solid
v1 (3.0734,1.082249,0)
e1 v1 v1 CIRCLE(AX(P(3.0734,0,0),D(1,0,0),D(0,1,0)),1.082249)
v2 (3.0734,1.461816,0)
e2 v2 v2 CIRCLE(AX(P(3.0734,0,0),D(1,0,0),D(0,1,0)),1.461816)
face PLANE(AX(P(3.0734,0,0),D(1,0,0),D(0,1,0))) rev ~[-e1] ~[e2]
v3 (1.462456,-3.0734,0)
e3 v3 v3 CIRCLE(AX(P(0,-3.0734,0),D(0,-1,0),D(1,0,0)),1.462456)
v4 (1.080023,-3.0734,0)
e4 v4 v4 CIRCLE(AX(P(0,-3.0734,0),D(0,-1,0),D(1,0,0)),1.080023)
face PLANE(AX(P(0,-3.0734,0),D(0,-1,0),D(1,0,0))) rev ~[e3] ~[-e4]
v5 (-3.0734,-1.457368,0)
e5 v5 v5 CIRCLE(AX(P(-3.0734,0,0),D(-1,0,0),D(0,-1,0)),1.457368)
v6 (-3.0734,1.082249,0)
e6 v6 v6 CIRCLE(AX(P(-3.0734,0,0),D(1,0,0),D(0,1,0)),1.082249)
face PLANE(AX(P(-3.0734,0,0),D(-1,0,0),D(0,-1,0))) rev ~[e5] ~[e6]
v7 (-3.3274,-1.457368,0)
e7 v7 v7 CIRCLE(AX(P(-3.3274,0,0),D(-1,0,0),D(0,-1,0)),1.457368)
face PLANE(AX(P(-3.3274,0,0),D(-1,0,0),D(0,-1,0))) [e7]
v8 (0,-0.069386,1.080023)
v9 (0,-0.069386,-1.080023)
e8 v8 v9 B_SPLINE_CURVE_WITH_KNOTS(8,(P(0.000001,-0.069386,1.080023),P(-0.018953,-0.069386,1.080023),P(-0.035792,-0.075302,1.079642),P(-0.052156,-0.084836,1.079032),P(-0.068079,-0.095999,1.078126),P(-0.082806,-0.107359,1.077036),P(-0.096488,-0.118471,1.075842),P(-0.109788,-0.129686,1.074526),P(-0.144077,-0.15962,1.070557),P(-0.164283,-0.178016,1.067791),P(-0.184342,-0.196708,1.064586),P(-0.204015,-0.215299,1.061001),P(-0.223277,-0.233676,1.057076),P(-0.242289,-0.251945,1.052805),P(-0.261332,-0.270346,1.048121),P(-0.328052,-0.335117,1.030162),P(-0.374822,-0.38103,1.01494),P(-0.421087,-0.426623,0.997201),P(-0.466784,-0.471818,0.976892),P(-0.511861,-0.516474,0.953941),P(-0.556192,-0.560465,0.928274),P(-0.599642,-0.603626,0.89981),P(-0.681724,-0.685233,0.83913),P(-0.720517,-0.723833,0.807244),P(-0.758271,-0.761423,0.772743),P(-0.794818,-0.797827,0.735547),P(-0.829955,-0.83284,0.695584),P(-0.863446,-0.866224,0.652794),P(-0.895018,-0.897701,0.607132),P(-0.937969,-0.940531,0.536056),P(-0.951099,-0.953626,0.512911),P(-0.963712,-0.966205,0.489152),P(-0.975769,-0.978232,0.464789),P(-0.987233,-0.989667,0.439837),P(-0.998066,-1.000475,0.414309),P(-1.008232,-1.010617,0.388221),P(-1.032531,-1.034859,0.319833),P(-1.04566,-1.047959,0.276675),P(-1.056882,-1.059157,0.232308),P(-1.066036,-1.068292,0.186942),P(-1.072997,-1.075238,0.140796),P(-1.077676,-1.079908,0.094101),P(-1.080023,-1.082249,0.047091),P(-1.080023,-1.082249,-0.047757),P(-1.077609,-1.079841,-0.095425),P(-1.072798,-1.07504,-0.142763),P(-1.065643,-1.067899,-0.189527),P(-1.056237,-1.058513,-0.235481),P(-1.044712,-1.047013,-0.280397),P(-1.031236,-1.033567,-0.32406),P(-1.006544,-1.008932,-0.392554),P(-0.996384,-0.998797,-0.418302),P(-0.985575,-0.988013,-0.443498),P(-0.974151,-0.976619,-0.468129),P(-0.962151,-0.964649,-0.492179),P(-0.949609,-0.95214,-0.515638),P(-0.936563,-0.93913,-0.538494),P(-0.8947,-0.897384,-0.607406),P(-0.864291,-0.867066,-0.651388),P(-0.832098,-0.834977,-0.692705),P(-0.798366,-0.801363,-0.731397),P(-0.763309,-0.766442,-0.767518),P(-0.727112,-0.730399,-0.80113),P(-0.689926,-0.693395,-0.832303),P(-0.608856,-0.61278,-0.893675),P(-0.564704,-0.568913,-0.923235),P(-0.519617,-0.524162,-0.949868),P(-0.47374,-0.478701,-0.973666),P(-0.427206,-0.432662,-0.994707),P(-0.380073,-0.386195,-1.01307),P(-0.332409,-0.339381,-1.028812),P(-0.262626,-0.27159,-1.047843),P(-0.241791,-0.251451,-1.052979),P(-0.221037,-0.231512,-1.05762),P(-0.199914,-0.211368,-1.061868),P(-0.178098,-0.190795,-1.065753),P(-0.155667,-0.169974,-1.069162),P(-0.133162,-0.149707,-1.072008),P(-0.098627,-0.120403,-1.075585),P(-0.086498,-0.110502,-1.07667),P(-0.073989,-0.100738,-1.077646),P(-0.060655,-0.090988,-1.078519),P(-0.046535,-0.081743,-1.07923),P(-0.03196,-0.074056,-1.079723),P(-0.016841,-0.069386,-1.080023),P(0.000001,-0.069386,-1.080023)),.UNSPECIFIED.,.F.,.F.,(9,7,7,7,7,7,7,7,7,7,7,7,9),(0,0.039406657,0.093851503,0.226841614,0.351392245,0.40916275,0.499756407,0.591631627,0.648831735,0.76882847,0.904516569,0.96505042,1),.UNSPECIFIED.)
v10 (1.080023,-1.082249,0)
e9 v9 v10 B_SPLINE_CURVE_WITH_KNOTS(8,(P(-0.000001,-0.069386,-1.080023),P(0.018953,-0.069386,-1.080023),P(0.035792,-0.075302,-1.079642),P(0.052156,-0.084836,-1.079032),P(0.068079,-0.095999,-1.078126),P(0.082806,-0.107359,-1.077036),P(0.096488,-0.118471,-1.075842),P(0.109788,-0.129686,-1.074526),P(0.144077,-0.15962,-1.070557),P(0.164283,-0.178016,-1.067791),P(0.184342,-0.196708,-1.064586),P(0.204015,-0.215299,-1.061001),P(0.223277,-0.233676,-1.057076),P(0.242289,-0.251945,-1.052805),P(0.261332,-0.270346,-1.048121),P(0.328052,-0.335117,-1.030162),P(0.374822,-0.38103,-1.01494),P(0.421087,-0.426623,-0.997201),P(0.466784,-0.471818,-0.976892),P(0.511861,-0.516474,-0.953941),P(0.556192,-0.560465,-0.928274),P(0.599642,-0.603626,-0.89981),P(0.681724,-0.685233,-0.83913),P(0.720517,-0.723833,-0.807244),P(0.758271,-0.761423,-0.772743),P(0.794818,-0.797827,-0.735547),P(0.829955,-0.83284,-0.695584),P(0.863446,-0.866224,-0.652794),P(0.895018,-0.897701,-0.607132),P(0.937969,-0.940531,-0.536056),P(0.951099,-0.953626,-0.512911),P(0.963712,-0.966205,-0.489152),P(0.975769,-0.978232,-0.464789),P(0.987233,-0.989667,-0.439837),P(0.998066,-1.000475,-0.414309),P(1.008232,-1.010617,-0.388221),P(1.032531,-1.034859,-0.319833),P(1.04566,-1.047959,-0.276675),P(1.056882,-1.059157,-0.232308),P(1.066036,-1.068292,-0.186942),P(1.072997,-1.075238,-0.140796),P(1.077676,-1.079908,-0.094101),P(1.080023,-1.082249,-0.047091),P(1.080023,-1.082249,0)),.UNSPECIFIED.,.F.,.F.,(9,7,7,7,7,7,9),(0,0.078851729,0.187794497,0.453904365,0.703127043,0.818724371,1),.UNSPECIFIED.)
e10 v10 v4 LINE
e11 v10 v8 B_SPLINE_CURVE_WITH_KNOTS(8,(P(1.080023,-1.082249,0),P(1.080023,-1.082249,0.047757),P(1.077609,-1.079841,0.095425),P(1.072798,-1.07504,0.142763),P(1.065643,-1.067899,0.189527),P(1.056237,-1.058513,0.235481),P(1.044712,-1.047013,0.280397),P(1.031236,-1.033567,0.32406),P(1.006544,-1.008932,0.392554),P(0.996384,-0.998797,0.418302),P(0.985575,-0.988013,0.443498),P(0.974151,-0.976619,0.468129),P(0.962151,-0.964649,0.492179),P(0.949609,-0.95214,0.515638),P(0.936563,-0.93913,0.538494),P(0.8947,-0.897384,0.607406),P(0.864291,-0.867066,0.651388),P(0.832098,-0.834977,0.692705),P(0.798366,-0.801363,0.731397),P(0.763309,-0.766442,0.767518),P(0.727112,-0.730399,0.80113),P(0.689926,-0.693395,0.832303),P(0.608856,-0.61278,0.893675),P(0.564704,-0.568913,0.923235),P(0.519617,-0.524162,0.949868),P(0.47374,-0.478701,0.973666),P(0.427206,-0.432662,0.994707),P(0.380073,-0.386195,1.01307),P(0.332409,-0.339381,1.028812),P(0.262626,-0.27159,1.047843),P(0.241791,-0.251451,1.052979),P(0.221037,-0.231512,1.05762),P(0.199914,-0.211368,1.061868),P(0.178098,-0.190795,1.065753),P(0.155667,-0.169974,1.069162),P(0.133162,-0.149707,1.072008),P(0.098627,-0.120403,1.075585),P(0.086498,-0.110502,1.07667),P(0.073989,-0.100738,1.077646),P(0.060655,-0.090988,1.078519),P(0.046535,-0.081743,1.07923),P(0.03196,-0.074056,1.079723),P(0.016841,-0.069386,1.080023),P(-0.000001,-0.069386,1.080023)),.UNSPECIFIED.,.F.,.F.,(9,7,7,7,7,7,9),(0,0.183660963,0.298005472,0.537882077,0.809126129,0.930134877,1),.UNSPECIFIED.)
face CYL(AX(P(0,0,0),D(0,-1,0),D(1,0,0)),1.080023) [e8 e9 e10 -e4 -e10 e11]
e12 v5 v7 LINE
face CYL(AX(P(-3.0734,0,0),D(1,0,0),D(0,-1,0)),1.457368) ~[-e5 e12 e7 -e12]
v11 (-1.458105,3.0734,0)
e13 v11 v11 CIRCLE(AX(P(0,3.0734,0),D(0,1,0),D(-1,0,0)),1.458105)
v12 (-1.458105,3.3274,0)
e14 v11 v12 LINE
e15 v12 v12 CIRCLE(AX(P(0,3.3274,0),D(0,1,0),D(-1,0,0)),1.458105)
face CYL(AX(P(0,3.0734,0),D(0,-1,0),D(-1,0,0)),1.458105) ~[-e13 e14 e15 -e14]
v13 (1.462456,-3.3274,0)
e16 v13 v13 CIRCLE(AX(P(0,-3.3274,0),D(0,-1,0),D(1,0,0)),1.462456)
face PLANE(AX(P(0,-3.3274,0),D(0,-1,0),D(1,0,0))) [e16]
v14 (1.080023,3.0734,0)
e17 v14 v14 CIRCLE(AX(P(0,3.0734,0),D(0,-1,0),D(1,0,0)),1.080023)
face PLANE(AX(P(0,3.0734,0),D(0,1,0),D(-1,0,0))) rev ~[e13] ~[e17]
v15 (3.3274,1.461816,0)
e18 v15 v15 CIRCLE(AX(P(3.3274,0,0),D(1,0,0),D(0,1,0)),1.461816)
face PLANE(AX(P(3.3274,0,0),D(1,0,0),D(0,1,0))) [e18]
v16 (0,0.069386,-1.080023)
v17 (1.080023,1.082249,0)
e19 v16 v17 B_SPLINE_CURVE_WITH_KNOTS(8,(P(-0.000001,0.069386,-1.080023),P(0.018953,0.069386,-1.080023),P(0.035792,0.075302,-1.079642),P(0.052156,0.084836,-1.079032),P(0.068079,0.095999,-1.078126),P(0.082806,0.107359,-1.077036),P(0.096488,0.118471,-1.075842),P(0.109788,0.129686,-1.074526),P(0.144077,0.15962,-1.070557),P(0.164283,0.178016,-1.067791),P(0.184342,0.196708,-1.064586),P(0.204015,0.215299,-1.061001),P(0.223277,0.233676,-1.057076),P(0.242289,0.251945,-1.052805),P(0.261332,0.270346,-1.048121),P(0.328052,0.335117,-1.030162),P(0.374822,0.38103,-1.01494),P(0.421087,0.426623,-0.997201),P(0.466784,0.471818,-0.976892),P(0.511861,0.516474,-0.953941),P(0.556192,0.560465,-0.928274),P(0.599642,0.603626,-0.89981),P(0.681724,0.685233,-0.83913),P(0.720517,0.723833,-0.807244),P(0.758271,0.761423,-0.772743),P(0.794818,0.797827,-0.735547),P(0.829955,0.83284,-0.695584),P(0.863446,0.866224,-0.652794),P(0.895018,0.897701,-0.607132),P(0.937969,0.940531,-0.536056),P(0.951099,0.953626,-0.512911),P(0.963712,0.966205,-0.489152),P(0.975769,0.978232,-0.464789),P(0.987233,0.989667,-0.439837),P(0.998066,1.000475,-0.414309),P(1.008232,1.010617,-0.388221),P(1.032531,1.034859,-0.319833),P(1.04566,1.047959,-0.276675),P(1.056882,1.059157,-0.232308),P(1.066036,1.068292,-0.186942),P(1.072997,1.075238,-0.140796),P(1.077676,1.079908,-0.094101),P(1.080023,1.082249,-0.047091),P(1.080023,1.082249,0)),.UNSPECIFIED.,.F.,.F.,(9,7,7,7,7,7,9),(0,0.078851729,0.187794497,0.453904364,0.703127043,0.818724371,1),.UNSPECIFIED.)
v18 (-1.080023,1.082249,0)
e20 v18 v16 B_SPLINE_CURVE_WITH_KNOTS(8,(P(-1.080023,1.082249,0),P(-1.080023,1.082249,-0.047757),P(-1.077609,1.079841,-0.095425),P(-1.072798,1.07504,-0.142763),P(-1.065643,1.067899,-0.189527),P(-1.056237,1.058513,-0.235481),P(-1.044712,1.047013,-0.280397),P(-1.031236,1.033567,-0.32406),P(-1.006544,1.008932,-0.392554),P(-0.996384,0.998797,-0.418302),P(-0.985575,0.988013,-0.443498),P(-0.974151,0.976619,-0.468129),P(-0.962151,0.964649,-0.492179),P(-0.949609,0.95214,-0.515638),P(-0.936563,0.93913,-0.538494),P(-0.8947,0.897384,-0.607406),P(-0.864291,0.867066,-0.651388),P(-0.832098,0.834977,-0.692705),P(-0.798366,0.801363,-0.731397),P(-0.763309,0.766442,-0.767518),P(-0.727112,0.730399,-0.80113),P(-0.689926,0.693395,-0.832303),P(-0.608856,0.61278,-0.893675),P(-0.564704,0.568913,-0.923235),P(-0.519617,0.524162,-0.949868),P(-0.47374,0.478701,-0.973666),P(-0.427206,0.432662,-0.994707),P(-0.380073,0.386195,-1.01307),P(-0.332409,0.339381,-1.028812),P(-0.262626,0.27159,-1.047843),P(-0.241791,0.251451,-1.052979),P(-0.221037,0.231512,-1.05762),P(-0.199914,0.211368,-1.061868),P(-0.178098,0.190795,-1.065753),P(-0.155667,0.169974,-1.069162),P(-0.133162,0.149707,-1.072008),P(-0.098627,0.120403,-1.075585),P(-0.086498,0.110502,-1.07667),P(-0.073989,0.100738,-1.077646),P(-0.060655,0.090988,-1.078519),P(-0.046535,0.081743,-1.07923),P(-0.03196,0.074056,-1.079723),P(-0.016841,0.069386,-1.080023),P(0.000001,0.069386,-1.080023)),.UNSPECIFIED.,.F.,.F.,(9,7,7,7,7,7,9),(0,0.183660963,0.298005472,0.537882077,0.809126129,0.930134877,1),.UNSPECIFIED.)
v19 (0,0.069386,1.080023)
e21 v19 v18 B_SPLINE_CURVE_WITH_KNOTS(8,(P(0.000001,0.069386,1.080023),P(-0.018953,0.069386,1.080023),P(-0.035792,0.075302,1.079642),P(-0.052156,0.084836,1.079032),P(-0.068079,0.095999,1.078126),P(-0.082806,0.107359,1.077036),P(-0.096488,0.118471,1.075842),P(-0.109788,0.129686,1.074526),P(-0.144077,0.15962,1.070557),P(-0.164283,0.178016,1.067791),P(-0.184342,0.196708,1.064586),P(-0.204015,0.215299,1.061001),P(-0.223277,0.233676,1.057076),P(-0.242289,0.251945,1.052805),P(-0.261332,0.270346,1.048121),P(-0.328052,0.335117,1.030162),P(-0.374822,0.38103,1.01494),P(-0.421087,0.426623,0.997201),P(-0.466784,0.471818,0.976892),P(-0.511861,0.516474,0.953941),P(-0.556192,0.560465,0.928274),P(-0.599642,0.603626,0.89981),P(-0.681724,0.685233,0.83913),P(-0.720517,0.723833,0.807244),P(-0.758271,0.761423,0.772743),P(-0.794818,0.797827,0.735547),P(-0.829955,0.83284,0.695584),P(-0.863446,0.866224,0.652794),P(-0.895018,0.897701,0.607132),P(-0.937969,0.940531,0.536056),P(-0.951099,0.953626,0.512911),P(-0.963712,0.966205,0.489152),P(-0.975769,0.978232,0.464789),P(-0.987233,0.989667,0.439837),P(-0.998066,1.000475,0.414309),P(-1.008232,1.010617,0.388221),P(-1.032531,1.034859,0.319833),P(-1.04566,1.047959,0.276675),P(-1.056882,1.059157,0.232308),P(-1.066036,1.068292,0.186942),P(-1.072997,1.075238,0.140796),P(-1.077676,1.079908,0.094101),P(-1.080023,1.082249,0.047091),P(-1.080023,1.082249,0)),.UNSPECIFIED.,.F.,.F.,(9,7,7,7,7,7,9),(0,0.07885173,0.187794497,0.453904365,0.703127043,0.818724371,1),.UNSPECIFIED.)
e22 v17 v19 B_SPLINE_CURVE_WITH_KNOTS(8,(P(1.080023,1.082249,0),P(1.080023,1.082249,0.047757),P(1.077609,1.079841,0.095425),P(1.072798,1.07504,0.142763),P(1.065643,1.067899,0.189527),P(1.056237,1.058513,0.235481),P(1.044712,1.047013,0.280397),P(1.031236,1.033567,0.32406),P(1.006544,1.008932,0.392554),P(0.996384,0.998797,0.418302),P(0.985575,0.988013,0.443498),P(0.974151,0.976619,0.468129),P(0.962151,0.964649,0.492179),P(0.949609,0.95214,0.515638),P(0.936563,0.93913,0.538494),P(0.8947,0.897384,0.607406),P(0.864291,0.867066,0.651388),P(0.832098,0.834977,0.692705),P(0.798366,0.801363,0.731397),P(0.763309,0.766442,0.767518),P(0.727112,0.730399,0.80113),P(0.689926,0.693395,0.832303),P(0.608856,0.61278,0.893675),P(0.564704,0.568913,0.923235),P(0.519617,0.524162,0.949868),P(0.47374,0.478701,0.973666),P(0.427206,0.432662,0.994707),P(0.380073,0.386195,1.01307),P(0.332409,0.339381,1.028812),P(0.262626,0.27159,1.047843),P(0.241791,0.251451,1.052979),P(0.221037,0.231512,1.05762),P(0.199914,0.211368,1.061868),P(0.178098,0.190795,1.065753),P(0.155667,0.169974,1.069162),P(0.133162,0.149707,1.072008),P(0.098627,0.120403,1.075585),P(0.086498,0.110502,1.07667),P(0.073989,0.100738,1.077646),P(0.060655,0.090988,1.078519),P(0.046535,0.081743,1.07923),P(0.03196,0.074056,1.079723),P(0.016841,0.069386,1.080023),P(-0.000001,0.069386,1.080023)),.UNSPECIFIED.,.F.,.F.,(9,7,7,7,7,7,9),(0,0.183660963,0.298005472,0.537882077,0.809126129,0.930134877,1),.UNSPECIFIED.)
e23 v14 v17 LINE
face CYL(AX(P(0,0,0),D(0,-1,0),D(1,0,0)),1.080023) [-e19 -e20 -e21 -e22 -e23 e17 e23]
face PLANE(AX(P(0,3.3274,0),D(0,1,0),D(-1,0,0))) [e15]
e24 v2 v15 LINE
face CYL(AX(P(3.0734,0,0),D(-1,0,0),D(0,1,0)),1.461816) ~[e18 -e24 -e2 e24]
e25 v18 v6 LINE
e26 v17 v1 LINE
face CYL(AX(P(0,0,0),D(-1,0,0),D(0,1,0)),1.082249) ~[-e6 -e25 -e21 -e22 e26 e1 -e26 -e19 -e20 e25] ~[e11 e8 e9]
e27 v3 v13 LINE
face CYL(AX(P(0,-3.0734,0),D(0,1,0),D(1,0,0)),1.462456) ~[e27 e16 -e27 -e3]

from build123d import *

# Parameters (mm, degrees)
F0_R          = 1.080022686
F1_DEPTH      = 3.0734
F1_DEPTH_BACK = 3.0734
F2_R          = 1.0822492619
F3_DEPTH      = 3.0734
F3_DEPTH_BACK = 3.0734
F4_R          = 1.4624555287
F5_DEPTH      = 0.254
F6_R          = 1.4618158242
F7_DEPTH      = 0.254
F8_R          = 1.4581045409
F9_DEPTH      = 0.254
F10_R         = 1.4573675157
F11_DEPTH     = 0.254


with BuildPart() as f1:
    # F0 (on Front) → F1 (new body, two sides)
    with BuildSketch(Plane.XZ) as f1_sk:
        Circle(F0_R)
    extrude(amount=F1_DEPTH)
    extrude(f1_sk.sketch, amount=-F1_DEPTH_BACK)

    # F2 (on Right) → F3 (join, two sides)
    with BuildSketch(Plane.YZ) as f3_sk:
        Circle(F2_R)
    extrude(amount=F3_DEPTH)
    extrude(f3_sk.sketch, amount=-F3_DEPTH_BACK)

    # F4 (on face) → F5 (join)
    with BuildSketch(Plane.XZ.offset(3.0734)):
        Circle(F4_R)
    extrude(amount=F5_DEPTH)

    # F6 (on face) → F7 (join)
    with BuildSketch(Plane.YZ.offset(3.0734)):
        Circle(F6_R)
    extrude(amount=F7_DEPTH)

    # F8 (on face) → F9 (join)
    with BuildSketch(Plane(origin=(0, 3.0734, 0), x_dir=(-1, 0, 0), z_dir=(0, 1, 0))):
        Circle(F8_R)
    extrude(amount=F9_DEPTH)

    # F10 (on face) → F11 (join)
    with BuildSketch(Plane(origin=(-3.0734, 0, 0), x_dir=(0, -1, 0), z_dir=(-1, 0, 0))):
        Circle(F10_R)
    extrude(amount=F11_DEPTH)


solid = f1.part
